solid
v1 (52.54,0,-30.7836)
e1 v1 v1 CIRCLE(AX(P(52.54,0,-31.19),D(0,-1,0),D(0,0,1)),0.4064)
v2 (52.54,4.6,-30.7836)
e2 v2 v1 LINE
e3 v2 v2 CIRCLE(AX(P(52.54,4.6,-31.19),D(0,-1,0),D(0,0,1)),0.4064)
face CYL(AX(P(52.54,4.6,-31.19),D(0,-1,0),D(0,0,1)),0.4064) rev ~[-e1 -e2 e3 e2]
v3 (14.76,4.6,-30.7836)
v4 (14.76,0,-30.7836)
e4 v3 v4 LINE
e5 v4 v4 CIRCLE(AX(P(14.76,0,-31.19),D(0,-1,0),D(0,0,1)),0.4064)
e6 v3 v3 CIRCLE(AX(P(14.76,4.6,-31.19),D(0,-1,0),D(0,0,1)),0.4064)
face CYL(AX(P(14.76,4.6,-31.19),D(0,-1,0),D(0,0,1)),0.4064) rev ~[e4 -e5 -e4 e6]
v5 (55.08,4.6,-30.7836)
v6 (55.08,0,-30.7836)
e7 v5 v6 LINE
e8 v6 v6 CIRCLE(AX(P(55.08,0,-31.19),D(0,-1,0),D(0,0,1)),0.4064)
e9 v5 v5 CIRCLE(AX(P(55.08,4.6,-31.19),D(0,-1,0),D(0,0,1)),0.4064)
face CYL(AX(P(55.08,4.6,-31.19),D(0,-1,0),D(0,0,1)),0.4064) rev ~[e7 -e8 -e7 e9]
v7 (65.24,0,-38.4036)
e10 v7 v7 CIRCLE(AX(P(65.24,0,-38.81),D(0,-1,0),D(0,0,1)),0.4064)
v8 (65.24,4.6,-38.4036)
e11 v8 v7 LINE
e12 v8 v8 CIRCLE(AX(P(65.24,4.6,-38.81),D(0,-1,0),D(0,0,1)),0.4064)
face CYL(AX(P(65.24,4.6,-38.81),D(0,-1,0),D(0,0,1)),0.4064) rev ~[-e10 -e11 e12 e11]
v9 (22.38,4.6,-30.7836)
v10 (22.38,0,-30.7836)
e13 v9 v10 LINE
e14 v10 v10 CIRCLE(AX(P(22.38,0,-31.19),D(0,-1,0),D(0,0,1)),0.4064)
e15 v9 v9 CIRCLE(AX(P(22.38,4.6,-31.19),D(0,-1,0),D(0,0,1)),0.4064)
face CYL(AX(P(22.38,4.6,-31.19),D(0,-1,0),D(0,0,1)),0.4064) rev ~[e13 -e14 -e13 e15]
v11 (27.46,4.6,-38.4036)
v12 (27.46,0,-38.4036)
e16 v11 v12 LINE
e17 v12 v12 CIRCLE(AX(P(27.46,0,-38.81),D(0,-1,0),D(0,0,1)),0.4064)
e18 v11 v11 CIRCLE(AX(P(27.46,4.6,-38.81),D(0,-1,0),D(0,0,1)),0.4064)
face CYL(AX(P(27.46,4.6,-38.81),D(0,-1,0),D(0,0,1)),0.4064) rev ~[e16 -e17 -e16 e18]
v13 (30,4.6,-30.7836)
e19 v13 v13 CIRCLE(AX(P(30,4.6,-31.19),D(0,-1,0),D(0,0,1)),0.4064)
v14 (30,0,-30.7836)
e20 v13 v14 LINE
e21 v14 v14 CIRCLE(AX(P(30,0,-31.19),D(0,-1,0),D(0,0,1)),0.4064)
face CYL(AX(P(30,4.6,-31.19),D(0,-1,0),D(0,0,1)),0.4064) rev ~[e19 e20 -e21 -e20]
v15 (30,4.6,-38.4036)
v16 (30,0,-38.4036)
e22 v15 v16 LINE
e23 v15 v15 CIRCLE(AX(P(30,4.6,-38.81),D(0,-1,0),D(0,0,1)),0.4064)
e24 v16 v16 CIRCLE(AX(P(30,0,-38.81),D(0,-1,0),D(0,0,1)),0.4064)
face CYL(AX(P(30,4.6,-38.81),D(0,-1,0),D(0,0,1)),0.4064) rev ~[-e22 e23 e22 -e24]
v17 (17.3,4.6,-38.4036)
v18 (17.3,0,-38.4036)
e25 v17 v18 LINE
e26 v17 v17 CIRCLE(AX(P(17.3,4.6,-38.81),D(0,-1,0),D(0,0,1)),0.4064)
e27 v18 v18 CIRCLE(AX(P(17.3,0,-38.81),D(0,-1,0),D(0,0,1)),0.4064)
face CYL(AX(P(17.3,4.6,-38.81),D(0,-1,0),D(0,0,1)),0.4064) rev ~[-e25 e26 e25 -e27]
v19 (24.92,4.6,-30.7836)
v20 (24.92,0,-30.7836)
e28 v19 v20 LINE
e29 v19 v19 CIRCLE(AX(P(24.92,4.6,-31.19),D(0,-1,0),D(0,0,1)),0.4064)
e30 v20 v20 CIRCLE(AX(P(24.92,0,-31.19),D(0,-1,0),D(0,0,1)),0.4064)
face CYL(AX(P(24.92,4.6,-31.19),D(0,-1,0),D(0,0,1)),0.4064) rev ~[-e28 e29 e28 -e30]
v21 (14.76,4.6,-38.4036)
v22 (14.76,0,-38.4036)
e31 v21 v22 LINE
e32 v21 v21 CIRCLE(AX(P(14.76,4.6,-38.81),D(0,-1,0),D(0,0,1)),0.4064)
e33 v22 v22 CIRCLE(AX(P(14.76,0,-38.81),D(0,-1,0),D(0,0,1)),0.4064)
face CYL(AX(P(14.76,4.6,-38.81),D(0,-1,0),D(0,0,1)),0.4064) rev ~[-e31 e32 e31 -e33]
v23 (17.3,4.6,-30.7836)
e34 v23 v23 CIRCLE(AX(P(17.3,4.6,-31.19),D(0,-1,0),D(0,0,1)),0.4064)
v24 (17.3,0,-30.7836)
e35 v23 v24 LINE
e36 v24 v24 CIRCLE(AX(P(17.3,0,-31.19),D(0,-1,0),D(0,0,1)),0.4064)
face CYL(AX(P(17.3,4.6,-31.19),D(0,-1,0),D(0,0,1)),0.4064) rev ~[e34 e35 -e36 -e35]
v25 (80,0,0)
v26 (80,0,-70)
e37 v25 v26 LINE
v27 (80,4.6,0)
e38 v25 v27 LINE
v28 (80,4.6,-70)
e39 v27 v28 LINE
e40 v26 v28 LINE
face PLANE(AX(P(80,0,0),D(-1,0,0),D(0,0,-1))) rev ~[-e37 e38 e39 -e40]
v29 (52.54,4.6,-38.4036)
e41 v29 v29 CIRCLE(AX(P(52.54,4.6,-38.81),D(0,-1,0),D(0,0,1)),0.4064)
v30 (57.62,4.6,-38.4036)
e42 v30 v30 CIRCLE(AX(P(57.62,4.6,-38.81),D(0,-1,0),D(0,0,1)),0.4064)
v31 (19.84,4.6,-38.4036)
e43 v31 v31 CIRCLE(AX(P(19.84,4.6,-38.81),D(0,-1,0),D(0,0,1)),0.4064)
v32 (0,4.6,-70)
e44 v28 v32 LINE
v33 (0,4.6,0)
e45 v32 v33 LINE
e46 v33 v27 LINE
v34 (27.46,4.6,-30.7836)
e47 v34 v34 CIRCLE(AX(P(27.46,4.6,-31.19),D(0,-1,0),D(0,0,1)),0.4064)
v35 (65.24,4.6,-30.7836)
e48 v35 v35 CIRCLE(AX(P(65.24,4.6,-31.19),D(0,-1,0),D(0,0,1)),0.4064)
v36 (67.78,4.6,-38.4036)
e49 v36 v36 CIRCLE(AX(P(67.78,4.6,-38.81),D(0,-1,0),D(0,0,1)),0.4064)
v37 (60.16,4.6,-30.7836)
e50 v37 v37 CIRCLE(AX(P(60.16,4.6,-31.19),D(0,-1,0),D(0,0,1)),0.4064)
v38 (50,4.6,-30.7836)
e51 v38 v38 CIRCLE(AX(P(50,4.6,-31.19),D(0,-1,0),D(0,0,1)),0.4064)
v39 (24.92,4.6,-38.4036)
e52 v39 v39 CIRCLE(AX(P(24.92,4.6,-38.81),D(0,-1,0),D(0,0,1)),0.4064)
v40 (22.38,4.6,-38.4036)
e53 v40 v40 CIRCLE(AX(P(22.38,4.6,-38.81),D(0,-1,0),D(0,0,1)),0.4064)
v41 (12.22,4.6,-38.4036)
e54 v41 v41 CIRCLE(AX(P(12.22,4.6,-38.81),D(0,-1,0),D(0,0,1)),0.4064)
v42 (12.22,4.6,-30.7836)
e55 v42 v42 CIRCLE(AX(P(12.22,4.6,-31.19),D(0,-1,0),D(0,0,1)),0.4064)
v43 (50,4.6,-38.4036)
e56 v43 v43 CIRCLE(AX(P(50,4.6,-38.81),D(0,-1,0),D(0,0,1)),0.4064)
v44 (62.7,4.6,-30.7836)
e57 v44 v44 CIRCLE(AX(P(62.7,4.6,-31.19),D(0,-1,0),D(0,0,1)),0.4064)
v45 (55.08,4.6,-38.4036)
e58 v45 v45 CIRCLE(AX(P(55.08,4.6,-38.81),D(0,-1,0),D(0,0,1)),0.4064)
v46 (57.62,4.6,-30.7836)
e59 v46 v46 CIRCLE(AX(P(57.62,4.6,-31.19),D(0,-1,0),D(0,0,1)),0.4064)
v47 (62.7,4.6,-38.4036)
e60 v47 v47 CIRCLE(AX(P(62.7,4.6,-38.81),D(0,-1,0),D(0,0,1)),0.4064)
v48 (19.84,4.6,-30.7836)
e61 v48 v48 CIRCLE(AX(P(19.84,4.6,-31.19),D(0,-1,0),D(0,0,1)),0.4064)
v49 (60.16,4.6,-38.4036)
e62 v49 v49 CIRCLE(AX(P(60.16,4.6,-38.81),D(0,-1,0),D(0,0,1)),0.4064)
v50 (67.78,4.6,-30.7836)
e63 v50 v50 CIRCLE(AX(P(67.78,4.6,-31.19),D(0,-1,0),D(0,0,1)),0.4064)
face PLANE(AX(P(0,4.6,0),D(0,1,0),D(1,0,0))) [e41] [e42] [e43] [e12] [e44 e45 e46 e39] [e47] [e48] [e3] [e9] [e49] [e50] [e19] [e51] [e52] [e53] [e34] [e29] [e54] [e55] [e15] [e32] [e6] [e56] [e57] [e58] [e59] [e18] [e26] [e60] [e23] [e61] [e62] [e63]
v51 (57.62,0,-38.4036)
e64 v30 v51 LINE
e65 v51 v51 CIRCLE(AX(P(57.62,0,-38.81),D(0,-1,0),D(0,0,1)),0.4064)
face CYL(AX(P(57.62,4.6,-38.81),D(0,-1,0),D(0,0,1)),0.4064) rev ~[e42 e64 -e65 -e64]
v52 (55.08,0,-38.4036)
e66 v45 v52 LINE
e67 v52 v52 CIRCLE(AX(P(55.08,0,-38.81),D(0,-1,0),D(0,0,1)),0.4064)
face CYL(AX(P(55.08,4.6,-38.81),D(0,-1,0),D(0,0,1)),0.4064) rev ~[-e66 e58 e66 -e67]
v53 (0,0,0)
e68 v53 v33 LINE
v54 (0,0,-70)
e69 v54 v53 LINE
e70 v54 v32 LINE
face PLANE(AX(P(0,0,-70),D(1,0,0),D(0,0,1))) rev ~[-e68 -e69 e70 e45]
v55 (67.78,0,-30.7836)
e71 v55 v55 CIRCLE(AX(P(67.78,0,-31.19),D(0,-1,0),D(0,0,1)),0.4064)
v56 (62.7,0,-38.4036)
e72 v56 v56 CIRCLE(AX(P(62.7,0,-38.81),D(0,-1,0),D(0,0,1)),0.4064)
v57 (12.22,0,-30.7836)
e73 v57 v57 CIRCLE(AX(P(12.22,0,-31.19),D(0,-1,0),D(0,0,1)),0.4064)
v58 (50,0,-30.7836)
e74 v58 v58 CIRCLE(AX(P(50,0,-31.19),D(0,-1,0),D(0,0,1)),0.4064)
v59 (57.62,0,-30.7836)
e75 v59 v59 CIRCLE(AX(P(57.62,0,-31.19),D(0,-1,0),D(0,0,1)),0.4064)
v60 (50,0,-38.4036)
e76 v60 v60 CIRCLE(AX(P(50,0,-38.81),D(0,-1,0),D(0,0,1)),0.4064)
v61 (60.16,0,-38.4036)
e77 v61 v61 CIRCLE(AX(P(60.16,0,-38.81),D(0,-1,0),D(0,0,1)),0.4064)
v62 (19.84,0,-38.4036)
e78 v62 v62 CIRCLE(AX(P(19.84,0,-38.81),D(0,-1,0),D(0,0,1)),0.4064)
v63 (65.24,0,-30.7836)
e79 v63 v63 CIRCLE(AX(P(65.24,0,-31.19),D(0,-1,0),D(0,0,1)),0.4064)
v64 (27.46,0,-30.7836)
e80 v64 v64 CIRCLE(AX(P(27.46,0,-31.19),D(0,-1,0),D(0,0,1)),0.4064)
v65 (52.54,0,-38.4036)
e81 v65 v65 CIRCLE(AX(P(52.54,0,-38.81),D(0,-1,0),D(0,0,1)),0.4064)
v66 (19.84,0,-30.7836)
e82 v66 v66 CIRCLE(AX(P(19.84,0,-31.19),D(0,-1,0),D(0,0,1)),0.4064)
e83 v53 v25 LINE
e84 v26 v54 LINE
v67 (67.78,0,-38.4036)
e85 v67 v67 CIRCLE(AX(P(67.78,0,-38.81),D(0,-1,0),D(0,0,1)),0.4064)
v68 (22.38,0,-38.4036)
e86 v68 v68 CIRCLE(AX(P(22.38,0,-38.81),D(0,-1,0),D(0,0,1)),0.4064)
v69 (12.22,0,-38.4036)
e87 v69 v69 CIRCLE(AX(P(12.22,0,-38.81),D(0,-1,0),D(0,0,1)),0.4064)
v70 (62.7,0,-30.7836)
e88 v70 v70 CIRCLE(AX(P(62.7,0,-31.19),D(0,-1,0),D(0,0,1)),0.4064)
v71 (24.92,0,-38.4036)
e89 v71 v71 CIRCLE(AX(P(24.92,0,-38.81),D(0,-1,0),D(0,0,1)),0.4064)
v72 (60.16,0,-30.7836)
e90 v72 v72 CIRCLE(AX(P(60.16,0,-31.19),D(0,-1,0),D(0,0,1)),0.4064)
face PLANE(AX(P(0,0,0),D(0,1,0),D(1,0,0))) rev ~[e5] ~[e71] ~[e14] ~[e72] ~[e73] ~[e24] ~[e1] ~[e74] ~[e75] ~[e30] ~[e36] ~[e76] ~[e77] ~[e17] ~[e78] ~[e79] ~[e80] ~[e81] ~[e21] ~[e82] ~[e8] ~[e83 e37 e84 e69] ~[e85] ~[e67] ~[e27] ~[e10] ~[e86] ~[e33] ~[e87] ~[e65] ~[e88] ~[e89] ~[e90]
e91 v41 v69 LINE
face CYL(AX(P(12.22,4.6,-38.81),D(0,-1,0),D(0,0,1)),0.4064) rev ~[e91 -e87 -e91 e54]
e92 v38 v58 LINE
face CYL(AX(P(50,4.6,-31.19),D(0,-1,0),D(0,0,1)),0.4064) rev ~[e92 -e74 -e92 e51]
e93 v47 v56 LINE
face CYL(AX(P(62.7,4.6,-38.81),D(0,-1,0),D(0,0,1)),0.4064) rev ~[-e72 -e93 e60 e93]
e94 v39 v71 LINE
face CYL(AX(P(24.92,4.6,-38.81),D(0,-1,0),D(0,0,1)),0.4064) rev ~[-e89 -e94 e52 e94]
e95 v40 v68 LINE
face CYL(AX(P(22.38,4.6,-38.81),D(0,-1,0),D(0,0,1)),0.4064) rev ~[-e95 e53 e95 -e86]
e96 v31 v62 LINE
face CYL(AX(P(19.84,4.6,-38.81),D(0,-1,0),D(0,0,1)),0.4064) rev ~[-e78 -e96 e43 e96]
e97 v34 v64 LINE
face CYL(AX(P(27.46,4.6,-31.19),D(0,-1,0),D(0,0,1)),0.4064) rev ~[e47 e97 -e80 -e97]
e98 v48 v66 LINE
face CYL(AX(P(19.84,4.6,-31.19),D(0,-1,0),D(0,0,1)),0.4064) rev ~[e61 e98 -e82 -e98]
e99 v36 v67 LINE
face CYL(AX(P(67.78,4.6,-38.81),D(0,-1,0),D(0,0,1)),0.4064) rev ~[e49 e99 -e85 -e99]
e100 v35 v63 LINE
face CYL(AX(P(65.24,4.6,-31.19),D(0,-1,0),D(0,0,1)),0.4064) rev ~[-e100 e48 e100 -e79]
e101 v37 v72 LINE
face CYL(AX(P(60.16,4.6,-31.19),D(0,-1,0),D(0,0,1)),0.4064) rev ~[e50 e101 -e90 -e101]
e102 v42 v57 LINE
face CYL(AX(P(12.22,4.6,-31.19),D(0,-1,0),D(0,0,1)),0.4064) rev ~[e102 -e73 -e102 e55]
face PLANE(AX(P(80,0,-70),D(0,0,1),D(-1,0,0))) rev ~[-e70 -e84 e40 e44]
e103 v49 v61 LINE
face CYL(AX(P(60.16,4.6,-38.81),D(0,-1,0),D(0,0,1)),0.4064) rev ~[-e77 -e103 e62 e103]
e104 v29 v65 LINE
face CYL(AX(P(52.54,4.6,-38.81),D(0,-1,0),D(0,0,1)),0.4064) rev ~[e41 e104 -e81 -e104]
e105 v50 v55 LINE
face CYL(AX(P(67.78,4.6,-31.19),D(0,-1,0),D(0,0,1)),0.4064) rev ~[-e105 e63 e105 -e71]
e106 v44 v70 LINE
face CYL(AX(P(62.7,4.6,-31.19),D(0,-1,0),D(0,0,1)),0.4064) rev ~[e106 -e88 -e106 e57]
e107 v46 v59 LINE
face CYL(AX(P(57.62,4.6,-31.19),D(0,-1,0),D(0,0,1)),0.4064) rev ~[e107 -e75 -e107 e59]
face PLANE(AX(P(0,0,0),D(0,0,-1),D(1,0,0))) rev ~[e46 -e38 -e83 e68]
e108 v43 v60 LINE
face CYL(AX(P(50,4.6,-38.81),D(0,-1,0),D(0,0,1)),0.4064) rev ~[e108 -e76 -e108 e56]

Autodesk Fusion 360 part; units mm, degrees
sketch "Sketch1" plane through (0, 0, 0) normal (0, 1, 0) x (1, 0, 0)
  line L0 (0, 0) -> (80, 0)
  line L1 (80, 0) -> (80, 70)
  line L2 (80, 70) -> (0, 70)
  line L3 (0, 70) -> (0, 0)
  dimension "d1" = 80
  dimension "d2" = 70
extrude "Extrude1" add sketch "Sketch1" along normal blind 4.6
sketch "Sketch2" plane through (0, 4.6, 0) normal (0, 1, 0) x (-1, 0, 0)
  line L0 (0, -70) -> (0, 0)
  line L1 (0, 0) -> (-80, 0)
  line L2 (-80, 0) -> (-80, -70)
  line L3 (-80, -70) -> (0, -70)
  line L4 (0, -38.81) -> (-80, -38.81) construction
  line L5 (0, -31.19) -> (-80, -31.19) construction
  line L6 (-30, -38.81) -> (-30, -31.19) construction
  line L7 (-50, -38.81) -> (-50, -31.19) construction
  point P0 (-30, -38.81)
  point P1 (-30, -31.19)
  point P2 (-27.46, -38.81)
  point P3 (-27.46, -31.19)
  point P4 (-24.92, -38.81)
  point P5 (-24.92, -31.19)
  point P6 (-22.38, -38.81)
  point P7 (-22.38, -31.19)
  point P8 (-19.84, -38.81)
  point P9 (-19.84, -31.19)
  point P10 (-17.3, -38.81)
  point P11 (-17.3, -31.19)
  point P12 (-14.76, -38.81)
  point P13 (-14.76, -31.19)
  point P14 (-12.22, -38.81)
  point P15 (-12.22, -31.19)
  point P16 (-50, -38.81)
  point P17 (-50, -31.19)
  point P18 (-52.54, -38.81)
  point P19 (-52.54, -31.19)
  point P20 (-55.08, -38.81)
  point P21 (-55.08, -31.19)
  point P22 (-57.62, -38.81)
  point P23 (-57.62, -31.19)
  point P24 (-60.16, -38.81)
  point P25 (-60.16, -31.19)
  point P26 (-62.7, -38.81)
  point P27 (-62.7, -31.19)
  point P28 (-65.24, -38.81)
  point P29 (-65.24, -31.19)
  point P30 (-67.78, -38.81)
  point P31 (-67.78, -31.19)
  dimension "d9" = 2.54
  dimension "d10" = 0
  dimension "d13" = -2.54
  dimension "d14" = 0
hole "Hole1" at (17.3, 4.6, -38.81) at (17.3, 4.6, -31.19) at (55.08, 4.6, -38.81) at (14.76, 4.6, -38.81) at (60.16, 4.6, -31.19) at (50, 4.6, -38.81) at (57.62, 4.6, -31.19) at (22.38, 4.6, -31.19) at (67.78, 4.6, -31.19) at (52.54, 4.6, -31.19) at (65.24, 4.6, -31.19) at (27.46, 4.6, -38.81) at (57.62, 4.6, -38.81) at (30, 4.6, -31.19) at (24.92, 4.6, -38.81) at (14.76, 4.6, -31.19) at (19.84, 4.6, -38.81) at (12.22, 4.6, -31.19) at (50, 4.6, -31.19) at (30, 4.6, -31.19) at (60.16, 4.6, -38.81) at (62.7, 4.6, -38.81) at (30, 4.6, -38.81) at (67.78, 4.6, -38.81) at (27.46, 4.6, -31.19) at (22.38, 4.6, -38.81) at (62.7, 4.6, -31.19) at (50, 4.6, -38.81) at (55.08, 4.6, -31.19) at (65.24, 4.6, -38.81) at (52.54, 4.6, -38.81) at (50, 4.6, -31.19) at (19.84, 4.6, -31.19) at (24.92, 4.6, -31.19) at (30, 4.6, -38.81) at (12.22, 4.6, -38.81) direction (0, -1, 0) diameter 0.8128 end through all
